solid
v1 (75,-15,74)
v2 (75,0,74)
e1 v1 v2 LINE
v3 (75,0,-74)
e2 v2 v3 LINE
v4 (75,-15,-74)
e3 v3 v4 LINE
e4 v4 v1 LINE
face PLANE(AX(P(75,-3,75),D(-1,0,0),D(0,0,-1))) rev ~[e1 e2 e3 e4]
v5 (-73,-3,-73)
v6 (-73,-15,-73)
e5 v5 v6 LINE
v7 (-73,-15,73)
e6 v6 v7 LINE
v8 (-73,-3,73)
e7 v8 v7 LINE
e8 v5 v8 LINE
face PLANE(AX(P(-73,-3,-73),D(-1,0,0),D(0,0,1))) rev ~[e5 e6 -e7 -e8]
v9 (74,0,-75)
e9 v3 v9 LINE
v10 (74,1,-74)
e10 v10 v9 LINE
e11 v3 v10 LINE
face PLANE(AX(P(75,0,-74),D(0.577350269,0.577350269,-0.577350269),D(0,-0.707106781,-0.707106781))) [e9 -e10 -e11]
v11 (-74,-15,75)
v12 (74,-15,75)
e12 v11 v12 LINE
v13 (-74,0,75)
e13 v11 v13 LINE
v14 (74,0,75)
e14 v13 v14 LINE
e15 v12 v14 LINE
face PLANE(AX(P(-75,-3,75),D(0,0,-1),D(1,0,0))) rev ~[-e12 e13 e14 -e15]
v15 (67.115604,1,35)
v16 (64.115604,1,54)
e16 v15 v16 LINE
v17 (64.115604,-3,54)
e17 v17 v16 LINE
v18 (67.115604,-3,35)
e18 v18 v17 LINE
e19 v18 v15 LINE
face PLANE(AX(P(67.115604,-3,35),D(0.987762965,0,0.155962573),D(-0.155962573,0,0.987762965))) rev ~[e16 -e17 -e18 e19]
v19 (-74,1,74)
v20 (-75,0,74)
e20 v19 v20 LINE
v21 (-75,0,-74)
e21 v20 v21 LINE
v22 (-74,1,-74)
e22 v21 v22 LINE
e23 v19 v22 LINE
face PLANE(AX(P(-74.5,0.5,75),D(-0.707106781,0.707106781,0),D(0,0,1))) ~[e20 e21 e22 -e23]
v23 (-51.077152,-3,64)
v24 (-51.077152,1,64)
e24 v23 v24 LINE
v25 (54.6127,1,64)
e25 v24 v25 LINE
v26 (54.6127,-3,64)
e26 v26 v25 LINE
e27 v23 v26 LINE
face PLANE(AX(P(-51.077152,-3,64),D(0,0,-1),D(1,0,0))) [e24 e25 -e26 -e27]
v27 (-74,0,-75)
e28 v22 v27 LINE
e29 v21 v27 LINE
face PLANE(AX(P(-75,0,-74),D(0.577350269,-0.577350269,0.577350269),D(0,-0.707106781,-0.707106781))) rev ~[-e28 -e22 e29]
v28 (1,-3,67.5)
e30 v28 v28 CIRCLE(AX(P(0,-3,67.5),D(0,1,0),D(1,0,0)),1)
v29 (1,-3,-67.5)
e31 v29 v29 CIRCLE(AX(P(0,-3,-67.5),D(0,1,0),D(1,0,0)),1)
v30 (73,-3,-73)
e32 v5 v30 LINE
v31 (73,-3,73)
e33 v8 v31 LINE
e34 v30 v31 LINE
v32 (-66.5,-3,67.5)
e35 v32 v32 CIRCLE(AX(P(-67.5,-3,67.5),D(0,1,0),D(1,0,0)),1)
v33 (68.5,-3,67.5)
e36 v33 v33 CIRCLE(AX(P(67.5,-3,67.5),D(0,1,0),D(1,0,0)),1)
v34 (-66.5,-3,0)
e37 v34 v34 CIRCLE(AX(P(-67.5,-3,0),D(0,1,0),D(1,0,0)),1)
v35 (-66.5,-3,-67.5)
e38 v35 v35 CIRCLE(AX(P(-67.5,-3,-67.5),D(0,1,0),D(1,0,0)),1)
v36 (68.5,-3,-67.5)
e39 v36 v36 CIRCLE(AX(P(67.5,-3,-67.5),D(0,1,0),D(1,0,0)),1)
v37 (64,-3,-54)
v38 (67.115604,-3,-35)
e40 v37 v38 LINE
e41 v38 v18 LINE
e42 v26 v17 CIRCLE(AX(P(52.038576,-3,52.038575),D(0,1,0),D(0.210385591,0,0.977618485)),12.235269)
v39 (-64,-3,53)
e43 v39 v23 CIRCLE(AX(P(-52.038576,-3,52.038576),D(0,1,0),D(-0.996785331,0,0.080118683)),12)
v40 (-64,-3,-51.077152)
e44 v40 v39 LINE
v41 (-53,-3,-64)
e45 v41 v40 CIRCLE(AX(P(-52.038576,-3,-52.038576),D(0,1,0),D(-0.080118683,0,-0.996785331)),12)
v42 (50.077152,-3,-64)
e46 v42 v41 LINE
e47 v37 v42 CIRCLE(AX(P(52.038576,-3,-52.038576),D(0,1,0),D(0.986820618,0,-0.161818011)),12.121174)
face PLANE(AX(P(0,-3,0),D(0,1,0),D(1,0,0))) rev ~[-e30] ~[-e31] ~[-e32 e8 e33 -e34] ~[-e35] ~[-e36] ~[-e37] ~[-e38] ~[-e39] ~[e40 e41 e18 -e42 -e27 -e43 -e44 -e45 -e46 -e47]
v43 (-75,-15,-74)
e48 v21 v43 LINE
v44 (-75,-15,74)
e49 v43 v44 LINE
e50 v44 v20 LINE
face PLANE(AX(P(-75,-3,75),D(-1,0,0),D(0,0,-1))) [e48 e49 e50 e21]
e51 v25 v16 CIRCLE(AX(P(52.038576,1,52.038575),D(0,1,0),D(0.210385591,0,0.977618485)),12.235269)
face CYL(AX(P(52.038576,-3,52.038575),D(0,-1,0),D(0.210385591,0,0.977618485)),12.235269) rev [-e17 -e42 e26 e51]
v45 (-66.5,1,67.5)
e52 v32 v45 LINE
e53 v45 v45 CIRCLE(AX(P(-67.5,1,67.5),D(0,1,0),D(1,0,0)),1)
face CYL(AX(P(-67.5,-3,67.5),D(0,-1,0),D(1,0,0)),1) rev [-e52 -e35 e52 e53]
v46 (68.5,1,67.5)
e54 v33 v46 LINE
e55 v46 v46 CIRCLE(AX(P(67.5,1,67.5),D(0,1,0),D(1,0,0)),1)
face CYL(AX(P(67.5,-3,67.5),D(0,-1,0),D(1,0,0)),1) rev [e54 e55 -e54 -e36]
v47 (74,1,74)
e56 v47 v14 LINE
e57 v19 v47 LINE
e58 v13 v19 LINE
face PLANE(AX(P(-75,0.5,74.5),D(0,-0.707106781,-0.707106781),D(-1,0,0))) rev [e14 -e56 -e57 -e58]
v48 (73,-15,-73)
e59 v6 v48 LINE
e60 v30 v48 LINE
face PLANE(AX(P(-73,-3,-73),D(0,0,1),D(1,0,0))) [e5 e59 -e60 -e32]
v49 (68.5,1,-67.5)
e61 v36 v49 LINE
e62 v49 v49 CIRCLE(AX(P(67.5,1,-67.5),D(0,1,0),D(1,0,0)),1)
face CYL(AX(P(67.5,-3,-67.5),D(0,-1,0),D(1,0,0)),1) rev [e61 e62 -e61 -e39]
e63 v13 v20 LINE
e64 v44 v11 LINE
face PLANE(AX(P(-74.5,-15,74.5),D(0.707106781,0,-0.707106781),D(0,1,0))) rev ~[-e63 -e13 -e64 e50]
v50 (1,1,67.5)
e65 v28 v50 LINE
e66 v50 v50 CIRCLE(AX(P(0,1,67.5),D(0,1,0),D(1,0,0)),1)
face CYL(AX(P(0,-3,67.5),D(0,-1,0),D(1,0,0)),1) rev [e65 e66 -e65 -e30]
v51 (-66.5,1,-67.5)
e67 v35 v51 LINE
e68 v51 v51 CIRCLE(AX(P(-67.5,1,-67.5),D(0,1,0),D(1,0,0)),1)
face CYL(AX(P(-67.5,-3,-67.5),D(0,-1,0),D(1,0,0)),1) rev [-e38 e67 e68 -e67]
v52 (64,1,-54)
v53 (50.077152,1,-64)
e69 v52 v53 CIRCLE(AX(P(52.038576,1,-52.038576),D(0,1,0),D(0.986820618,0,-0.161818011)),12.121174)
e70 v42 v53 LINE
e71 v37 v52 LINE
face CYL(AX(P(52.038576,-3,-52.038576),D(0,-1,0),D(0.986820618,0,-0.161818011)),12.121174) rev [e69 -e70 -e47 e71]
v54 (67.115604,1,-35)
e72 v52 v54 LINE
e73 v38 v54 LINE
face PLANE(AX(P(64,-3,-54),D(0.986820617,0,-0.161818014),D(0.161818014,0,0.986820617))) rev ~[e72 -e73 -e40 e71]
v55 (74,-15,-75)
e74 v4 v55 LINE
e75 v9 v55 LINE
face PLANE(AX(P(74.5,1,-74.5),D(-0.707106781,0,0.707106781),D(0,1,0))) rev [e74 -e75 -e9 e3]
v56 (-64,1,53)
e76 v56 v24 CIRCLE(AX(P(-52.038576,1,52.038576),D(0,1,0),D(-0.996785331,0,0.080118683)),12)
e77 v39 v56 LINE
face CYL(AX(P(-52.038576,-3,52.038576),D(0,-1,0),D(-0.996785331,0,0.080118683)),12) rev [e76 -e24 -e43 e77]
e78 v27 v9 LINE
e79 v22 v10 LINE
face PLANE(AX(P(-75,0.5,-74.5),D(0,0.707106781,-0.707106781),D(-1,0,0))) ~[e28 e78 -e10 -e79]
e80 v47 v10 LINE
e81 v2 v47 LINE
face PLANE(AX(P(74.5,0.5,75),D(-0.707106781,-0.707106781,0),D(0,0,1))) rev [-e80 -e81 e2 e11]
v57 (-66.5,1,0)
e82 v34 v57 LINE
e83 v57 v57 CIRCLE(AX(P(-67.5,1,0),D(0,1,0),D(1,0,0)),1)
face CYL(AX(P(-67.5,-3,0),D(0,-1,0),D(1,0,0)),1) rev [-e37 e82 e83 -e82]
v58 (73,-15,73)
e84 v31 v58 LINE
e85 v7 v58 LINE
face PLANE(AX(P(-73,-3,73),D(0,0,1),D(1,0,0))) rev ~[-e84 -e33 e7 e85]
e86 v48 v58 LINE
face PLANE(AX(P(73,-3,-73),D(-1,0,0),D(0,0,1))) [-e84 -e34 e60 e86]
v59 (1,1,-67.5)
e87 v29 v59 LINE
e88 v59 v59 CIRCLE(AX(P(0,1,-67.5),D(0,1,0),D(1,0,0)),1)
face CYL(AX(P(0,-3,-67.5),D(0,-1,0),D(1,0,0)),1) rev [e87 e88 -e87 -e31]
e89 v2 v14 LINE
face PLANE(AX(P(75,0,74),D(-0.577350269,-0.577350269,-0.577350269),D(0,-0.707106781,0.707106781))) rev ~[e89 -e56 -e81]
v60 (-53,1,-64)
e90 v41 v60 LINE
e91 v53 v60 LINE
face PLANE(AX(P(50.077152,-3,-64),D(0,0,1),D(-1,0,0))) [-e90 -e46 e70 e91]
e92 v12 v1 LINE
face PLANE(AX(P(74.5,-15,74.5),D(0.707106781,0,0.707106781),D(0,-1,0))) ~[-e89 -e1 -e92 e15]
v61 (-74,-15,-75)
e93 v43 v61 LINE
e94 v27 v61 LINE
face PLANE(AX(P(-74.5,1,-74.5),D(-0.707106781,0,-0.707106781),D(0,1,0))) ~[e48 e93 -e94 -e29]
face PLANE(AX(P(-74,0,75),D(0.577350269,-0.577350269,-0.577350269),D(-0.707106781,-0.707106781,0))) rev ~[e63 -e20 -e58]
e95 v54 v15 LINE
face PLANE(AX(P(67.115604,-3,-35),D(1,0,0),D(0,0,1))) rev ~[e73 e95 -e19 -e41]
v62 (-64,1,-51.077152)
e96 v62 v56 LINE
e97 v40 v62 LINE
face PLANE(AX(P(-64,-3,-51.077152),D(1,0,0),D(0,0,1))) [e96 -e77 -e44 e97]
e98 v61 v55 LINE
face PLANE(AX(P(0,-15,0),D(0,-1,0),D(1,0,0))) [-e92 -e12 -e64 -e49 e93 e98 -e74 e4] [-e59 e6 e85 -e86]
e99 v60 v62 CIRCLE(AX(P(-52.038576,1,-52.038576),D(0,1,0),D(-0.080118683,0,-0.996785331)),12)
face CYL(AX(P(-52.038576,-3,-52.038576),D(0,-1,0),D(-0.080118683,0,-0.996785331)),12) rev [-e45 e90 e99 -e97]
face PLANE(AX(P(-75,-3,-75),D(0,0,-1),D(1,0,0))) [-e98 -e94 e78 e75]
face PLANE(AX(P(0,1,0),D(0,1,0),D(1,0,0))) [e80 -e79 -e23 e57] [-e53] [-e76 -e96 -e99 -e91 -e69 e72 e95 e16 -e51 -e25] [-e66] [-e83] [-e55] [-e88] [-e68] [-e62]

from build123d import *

# Parameters (mm, degrees)
SKETCH009_W     = 150
SKETCH009_H     = 150
SKETCH009_W_2   = 146
SKETCH009_H_2   = 146
PAD003_DEPTH    = 12
SKETCH010_W     = 150
SKETCH010_H     = 150
SKETCH010_R     = 1
PAD004_DEPTH    = 4
CHAMFER003_SIZE = 1


with BuildPart() as part:
    # Sketch009 → Pad003 (new body)
    with BuildSketch(Plane.XZ):
        Rectangle(SKETCH009_W, SKETCH009_H)
        Rectangle(SKETCH009_W_2, SKETCH009_H_2, mode=Mode.SUBTRACT)
    extrude(amount=PAD003_DEPTH)

    # Sketch010 (on Face9 of Pad003) → Pad004 (join)
    with BuildSketch(Plane(origin=(0, 0, 0), x_dir=(1, 0, 0), z_dir=(0, 1, 0))):
        Rectangle(SKETCH010_W, SKETCH010_H)
        with Locations((-67.5, 67.5)):
            Circle(SKETCH010_R, mode=Mode.SUBTRACT)
        with Locations((67.5, 67.5)):
            Circle(SKETCH010_R, mode=Mode.SUBTRACT)
        with Locations((0, 67.5)):
            Circle(SKETCH010_R, mode=Mode.SUBTRACT)
        with Locations((-67.5, 0)):
            Circle(SKETCH010_R, mode=Mode.SUBTRACT)
        with Locations((-67.5, -67.5)):
            Circle(SKETCH010_R, mode=Mode.SUBTRACT)
        with Locations((0, -67.5)):
            Circle(SKETCH010_R, mode=Mode.SUBTRACT)
        with Locations((67.5, -67.5)):
            Circle(SKETCH010_R, mode=Mode.SUBTRACT)
        with BuildLine():
            ThreePointArc((-53, 64), (-61.176409, 59.816751), (-64, 51.077152))
            Line((-64, 51.077152), (-64, -53))
            ThreePointArc((-64, -53), (-59.816751, -61.176409), (-51.077152, -64))
            Line((-51.077152, -64), (54.6127, -64))
            ThreePointArc((54.6127, -64), (60.907852, -60.466964), (64.115604, -54))
            Line((67.115604, -35), (64.115604, -54))
            Line((67.115604, 35), (67.115604, -35))
            Line((64, 54), (67.115604, 35))
            ThreePointArc((64, 54), (59.109644, 61.883516), (50.077152, 64))
            Line((50.077152, 64), (-53, 64))
        make_face(mode=Mode.SUBTRACT)
    extrude(amount=PAD004_DEPTH)

    # Chamfer003
    chamfer003_edges = [part.edges().sort_by_distance(p)[0] for p in [
        (0, 4, -75),
        (-75, 4, 0),
        (0, 4, 75),
        (75, 4, 0),
        (75, 2, -75),
        (75, -6, 75),
        (-75, -6, -75),
        (-75, -6, 75),
    ]]
    chamfer(chamfer003_edges, length=CHAMFER003_SIZE)


with BuildPart() as part_1:
    # Body001 placement: moved
    add(part.part.moved(Location((0, -3, 0))))


solid = part_1.part
